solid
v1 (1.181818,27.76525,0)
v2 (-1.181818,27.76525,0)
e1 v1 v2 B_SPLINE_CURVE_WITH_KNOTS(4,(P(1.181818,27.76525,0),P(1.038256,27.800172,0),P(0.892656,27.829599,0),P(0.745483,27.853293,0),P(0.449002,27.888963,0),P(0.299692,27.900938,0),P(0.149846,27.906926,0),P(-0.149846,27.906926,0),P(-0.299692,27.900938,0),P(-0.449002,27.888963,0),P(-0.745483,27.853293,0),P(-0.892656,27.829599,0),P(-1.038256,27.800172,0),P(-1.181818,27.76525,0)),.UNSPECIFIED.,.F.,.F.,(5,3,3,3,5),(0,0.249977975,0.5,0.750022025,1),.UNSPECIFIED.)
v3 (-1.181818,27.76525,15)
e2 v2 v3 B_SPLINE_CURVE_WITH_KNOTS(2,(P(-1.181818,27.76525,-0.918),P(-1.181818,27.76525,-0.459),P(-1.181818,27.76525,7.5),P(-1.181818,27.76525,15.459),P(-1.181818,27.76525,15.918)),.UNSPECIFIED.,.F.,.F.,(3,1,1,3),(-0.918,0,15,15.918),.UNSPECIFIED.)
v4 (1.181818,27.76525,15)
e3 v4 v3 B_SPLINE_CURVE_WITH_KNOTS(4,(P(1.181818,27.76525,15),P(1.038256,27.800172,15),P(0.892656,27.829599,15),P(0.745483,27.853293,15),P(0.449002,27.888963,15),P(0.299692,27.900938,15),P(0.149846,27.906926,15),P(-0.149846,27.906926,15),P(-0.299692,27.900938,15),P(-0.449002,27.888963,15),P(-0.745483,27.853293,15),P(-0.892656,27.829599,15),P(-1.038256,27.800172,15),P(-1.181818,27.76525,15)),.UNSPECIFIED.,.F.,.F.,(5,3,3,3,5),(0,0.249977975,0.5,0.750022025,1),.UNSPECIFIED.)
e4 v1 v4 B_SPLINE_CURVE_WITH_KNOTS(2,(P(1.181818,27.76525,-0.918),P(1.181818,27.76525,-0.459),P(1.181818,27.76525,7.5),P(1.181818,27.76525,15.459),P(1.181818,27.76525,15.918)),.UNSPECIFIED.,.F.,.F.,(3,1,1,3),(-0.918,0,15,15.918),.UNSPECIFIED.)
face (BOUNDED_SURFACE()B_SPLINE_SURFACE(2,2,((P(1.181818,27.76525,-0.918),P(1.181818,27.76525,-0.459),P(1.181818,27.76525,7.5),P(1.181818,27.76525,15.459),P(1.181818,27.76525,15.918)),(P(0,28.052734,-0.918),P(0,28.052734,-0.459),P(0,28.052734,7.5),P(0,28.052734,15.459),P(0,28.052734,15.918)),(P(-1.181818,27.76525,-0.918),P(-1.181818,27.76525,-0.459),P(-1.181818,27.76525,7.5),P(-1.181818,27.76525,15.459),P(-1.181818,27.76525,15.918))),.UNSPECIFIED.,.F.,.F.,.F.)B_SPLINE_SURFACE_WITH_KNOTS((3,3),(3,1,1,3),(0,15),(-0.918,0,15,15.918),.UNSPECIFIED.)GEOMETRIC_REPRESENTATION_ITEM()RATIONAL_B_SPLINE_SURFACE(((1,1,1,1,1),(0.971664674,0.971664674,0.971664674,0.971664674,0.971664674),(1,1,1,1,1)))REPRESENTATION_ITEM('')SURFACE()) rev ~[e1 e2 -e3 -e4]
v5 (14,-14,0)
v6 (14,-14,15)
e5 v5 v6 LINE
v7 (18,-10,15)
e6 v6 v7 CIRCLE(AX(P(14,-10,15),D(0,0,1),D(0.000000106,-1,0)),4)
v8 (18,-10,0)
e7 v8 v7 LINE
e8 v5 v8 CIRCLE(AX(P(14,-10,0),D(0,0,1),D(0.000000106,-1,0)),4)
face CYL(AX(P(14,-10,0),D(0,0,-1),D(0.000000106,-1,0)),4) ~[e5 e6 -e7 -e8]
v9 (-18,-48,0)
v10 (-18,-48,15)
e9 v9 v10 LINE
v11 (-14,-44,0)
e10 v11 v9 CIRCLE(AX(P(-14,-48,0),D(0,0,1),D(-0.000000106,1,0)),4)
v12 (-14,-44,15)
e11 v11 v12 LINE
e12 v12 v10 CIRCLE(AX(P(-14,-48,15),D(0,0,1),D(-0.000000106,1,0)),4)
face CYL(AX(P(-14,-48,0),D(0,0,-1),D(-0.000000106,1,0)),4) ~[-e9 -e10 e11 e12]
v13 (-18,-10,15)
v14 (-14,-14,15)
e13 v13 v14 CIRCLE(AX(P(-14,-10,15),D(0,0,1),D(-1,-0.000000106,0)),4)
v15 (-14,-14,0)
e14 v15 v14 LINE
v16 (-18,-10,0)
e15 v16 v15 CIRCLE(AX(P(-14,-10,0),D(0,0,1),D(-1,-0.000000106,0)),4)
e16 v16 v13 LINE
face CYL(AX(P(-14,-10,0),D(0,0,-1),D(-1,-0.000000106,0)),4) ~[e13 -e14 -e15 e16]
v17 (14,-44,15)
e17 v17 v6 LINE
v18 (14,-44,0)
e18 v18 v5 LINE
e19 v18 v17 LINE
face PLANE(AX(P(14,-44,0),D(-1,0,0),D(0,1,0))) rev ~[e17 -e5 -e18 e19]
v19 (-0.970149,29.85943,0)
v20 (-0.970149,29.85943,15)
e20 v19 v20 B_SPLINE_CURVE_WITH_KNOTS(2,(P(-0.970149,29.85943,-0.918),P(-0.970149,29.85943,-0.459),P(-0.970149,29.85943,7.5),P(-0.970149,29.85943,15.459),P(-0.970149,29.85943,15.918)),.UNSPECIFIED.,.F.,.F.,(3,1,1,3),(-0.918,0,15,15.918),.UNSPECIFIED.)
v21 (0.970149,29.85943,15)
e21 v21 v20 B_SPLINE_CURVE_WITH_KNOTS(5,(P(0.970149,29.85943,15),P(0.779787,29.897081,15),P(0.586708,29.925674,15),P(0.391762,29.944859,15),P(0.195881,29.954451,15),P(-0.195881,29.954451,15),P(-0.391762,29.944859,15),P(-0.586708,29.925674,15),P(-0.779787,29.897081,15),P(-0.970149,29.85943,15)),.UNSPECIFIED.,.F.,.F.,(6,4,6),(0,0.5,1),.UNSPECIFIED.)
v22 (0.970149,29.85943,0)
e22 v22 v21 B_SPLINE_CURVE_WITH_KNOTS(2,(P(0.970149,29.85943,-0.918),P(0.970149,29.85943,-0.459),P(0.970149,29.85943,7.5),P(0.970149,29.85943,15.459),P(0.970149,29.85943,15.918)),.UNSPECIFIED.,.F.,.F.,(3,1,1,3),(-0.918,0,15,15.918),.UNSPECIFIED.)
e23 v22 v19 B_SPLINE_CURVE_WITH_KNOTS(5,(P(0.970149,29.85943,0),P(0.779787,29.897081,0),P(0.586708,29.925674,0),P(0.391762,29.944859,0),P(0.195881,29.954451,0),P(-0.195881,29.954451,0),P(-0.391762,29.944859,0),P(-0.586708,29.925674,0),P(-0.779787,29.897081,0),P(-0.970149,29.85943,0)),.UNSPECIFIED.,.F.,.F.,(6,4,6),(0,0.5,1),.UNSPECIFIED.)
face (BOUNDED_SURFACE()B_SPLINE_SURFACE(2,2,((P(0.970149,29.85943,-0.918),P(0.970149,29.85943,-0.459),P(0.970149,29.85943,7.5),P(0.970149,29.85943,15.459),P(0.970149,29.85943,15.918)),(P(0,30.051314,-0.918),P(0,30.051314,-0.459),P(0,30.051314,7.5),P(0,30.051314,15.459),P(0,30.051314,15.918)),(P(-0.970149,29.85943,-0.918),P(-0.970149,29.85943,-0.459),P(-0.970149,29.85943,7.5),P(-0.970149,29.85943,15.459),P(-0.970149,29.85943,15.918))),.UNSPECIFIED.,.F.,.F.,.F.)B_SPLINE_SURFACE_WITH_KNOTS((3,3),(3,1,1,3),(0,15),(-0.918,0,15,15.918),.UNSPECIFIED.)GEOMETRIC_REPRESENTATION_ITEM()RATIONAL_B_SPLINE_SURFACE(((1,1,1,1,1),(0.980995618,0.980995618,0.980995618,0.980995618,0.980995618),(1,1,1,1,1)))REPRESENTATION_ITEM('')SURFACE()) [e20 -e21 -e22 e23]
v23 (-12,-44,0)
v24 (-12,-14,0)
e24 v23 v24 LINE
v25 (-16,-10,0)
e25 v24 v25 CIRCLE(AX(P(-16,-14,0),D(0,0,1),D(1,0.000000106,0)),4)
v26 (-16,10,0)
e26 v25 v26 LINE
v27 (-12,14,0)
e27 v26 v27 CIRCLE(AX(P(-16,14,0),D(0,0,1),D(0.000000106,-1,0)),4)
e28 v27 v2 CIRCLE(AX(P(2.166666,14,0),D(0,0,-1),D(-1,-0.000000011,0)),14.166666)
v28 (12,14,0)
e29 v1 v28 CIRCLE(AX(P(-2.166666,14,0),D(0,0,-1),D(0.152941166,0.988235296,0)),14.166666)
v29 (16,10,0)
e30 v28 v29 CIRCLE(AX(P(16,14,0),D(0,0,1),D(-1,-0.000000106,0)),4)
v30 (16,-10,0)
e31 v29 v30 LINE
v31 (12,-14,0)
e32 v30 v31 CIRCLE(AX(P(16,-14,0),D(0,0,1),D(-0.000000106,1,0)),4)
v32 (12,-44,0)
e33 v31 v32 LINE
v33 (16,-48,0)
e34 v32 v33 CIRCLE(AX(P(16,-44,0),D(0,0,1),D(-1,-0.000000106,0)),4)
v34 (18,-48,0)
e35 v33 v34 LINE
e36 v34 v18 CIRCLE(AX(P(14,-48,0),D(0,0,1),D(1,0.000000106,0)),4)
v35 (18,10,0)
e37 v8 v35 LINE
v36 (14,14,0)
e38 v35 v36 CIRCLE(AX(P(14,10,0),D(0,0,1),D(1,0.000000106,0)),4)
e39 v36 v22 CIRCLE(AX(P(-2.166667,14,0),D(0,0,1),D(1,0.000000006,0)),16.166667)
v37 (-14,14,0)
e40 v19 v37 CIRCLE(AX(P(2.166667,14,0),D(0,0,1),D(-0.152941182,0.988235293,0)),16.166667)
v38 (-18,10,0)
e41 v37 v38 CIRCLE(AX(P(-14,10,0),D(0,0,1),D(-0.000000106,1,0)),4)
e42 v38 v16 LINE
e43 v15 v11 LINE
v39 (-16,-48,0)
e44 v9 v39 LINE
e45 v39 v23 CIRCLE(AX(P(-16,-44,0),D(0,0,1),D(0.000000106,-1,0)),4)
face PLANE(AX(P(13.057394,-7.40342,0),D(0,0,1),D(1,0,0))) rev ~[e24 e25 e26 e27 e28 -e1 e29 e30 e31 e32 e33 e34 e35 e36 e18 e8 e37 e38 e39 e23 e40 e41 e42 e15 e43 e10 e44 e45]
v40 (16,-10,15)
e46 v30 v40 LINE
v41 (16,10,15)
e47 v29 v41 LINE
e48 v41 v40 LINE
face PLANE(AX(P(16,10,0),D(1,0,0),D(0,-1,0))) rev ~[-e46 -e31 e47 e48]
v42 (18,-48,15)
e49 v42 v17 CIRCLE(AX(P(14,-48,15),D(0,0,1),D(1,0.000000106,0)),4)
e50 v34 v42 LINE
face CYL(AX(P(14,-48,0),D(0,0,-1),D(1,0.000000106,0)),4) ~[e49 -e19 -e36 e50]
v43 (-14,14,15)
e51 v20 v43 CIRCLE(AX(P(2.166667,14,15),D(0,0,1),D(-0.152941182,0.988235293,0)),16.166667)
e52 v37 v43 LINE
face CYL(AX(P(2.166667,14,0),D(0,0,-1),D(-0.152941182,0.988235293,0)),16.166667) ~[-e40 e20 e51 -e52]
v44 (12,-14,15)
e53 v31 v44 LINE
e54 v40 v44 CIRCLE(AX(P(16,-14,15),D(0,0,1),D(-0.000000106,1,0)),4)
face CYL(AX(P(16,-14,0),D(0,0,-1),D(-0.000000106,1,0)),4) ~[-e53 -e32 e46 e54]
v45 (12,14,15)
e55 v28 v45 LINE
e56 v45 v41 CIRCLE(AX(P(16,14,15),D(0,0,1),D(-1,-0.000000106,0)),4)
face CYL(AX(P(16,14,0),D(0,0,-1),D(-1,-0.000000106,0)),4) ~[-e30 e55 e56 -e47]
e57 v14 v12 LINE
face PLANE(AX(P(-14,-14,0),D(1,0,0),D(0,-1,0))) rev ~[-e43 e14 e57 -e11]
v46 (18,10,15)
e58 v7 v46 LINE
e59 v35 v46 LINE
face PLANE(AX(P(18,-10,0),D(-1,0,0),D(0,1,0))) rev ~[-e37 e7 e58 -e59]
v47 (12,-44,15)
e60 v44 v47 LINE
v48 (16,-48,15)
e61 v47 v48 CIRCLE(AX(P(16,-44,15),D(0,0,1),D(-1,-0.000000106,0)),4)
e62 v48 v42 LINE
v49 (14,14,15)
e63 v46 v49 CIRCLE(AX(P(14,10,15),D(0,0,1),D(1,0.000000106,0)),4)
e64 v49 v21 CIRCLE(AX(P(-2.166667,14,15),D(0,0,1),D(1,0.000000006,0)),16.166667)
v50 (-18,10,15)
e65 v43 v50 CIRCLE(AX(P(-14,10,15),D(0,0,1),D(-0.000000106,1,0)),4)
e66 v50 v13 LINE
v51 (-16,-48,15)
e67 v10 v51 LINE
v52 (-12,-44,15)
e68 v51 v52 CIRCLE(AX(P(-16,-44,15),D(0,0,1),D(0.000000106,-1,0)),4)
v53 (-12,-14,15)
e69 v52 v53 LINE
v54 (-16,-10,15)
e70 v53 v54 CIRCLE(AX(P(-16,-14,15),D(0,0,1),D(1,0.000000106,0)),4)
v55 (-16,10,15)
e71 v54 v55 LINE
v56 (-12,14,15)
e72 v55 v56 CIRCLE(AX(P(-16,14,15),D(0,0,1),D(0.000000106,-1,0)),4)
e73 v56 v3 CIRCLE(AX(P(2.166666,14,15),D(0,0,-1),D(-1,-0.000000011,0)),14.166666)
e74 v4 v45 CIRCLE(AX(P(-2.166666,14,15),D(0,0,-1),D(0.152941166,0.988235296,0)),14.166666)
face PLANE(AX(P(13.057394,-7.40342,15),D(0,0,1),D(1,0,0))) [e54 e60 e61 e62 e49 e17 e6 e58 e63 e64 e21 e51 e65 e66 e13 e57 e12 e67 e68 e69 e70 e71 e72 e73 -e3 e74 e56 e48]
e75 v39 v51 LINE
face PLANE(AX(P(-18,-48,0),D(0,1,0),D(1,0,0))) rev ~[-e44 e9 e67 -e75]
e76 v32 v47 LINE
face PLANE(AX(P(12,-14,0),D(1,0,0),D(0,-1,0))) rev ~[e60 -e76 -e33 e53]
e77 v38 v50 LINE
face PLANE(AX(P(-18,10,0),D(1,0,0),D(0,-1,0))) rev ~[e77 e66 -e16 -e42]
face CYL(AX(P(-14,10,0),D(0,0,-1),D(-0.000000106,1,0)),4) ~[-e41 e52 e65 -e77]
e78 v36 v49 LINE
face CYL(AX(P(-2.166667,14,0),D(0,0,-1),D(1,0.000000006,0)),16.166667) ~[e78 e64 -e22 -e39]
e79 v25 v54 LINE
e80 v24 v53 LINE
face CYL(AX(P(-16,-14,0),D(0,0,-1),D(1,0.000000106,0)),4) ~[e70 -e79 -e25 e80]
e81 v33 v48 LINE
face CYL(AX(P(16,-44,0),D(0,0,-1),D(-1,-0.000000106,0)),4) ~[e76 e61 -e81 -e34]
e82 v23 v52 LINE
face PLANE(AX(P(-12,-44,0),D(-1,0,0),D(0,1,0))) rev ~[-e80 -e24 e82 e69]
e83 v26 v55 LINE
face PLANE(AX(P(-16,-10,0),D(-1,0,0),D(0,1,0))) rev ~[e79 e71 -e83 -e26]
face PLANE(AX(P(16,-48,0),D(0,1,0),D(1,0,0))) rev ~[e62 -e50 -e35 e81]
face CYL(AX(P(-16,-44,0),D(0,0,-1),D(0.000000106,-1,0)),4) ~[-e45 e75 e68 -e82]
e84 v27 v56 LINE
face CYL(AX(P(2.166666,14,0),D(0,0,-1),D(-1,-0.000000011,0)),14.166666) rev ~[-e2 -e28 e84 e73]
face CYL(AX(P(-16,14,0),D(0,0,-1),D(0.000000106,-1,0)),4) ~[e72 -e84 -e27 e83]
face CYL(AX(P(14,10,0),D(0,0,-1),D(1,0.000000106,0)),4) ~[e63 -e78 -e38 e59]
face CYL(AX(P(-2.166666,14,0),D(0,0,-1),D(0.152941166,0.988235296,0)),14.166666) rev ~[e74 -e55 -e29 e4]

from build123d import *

# Parameters (mm, degrees)
F2_DEPTH = 15
F3_R     = 5


with BuildPart() as f2:
    # F1 (on Top) → F2 (new body)
    with BuildSketch(Plane.XY):
        with BuildLine():
            Line((0, 30), (0, 28))
            ThreePointArc((0, 28), (8.589469, 23.219544), (12, 14))
            ThreePointArc((12, 14), (13.171573, 11.171573), (16, 10))
            Line((16, 10), (16, -10))
            ThreePointArc((16, -10), (13.171573, -11.171573), (12, -14))
            Line((12, -14), (12, -44))
            ThreePointArc((12, -44), (13.171573, -46.828427), (16, -48))
            Line((16, -48), (18, -48))
            ThreePointArc((18, -48), (16.828427, -45.171573), (14, -44))
            Line((14, -44), (14, -14))
            ThreePointArc((14, -14), (16.828427, -12.828427), (18, -10))
            Line((18, -10), (18, 10))
            ThreePointArc((18, 10), (16.828427, 12.828427), (14, 14))
            ThreePointArc((14, 14), (10.107982, 24.521127), (0.305882, 29.976471))
            Line((0.305882, 29.976471), (0, 30))
        make_face()
        with BuildLine():
            Line((-16, -10), (-16, 10))
            ThreePointArc((-16, 10), (-13.171573, 11.171573), (-12, 14))
            ThreePointArc((-12, 14), (-8.589469, 23.219544), (0, 28))
            Line((0, 28), (0, 30))
            Line((0, 30), (-0.305882, 29.976471))
            ThreePointArc((-0.305882, 29.976471), (-10.107982, 24.521127), (-14, 14))
            ThreePointArc((-14, 14), (-16.828427, 12.828427), (-18, 10))
            Line((-18, 10), (-18, -10))
            ThreePointArc((-18, -10), (-16.828427, -12.828427), (-14, -14))
            Line((-14, -14), (-14, -44))
            ThreePointArc((-14, -44), (-16.828427, -45.171573), (-18, -48))
            Line((-18, -48), (-16, -48))
            ThreePointArc((-16, -48), (-13.171573, -46.828427), (-12, -44))
            Line((-12, -44), (-12, -14))
            ThreePointArc((-12, -14), (-13.171573, -11.171573), (-16, -10))
        make_face()
    extrude(amount=F2_DEPTH)

    # F3
    f3_edges = [f2.edges().sort_by_distance(p)[0] for p in [
        (0, 30, 7.5),
        (0, 28, 7.5),
    ]]
    fillet(f3_edges, radius=F3_R)


solid = f2.part
